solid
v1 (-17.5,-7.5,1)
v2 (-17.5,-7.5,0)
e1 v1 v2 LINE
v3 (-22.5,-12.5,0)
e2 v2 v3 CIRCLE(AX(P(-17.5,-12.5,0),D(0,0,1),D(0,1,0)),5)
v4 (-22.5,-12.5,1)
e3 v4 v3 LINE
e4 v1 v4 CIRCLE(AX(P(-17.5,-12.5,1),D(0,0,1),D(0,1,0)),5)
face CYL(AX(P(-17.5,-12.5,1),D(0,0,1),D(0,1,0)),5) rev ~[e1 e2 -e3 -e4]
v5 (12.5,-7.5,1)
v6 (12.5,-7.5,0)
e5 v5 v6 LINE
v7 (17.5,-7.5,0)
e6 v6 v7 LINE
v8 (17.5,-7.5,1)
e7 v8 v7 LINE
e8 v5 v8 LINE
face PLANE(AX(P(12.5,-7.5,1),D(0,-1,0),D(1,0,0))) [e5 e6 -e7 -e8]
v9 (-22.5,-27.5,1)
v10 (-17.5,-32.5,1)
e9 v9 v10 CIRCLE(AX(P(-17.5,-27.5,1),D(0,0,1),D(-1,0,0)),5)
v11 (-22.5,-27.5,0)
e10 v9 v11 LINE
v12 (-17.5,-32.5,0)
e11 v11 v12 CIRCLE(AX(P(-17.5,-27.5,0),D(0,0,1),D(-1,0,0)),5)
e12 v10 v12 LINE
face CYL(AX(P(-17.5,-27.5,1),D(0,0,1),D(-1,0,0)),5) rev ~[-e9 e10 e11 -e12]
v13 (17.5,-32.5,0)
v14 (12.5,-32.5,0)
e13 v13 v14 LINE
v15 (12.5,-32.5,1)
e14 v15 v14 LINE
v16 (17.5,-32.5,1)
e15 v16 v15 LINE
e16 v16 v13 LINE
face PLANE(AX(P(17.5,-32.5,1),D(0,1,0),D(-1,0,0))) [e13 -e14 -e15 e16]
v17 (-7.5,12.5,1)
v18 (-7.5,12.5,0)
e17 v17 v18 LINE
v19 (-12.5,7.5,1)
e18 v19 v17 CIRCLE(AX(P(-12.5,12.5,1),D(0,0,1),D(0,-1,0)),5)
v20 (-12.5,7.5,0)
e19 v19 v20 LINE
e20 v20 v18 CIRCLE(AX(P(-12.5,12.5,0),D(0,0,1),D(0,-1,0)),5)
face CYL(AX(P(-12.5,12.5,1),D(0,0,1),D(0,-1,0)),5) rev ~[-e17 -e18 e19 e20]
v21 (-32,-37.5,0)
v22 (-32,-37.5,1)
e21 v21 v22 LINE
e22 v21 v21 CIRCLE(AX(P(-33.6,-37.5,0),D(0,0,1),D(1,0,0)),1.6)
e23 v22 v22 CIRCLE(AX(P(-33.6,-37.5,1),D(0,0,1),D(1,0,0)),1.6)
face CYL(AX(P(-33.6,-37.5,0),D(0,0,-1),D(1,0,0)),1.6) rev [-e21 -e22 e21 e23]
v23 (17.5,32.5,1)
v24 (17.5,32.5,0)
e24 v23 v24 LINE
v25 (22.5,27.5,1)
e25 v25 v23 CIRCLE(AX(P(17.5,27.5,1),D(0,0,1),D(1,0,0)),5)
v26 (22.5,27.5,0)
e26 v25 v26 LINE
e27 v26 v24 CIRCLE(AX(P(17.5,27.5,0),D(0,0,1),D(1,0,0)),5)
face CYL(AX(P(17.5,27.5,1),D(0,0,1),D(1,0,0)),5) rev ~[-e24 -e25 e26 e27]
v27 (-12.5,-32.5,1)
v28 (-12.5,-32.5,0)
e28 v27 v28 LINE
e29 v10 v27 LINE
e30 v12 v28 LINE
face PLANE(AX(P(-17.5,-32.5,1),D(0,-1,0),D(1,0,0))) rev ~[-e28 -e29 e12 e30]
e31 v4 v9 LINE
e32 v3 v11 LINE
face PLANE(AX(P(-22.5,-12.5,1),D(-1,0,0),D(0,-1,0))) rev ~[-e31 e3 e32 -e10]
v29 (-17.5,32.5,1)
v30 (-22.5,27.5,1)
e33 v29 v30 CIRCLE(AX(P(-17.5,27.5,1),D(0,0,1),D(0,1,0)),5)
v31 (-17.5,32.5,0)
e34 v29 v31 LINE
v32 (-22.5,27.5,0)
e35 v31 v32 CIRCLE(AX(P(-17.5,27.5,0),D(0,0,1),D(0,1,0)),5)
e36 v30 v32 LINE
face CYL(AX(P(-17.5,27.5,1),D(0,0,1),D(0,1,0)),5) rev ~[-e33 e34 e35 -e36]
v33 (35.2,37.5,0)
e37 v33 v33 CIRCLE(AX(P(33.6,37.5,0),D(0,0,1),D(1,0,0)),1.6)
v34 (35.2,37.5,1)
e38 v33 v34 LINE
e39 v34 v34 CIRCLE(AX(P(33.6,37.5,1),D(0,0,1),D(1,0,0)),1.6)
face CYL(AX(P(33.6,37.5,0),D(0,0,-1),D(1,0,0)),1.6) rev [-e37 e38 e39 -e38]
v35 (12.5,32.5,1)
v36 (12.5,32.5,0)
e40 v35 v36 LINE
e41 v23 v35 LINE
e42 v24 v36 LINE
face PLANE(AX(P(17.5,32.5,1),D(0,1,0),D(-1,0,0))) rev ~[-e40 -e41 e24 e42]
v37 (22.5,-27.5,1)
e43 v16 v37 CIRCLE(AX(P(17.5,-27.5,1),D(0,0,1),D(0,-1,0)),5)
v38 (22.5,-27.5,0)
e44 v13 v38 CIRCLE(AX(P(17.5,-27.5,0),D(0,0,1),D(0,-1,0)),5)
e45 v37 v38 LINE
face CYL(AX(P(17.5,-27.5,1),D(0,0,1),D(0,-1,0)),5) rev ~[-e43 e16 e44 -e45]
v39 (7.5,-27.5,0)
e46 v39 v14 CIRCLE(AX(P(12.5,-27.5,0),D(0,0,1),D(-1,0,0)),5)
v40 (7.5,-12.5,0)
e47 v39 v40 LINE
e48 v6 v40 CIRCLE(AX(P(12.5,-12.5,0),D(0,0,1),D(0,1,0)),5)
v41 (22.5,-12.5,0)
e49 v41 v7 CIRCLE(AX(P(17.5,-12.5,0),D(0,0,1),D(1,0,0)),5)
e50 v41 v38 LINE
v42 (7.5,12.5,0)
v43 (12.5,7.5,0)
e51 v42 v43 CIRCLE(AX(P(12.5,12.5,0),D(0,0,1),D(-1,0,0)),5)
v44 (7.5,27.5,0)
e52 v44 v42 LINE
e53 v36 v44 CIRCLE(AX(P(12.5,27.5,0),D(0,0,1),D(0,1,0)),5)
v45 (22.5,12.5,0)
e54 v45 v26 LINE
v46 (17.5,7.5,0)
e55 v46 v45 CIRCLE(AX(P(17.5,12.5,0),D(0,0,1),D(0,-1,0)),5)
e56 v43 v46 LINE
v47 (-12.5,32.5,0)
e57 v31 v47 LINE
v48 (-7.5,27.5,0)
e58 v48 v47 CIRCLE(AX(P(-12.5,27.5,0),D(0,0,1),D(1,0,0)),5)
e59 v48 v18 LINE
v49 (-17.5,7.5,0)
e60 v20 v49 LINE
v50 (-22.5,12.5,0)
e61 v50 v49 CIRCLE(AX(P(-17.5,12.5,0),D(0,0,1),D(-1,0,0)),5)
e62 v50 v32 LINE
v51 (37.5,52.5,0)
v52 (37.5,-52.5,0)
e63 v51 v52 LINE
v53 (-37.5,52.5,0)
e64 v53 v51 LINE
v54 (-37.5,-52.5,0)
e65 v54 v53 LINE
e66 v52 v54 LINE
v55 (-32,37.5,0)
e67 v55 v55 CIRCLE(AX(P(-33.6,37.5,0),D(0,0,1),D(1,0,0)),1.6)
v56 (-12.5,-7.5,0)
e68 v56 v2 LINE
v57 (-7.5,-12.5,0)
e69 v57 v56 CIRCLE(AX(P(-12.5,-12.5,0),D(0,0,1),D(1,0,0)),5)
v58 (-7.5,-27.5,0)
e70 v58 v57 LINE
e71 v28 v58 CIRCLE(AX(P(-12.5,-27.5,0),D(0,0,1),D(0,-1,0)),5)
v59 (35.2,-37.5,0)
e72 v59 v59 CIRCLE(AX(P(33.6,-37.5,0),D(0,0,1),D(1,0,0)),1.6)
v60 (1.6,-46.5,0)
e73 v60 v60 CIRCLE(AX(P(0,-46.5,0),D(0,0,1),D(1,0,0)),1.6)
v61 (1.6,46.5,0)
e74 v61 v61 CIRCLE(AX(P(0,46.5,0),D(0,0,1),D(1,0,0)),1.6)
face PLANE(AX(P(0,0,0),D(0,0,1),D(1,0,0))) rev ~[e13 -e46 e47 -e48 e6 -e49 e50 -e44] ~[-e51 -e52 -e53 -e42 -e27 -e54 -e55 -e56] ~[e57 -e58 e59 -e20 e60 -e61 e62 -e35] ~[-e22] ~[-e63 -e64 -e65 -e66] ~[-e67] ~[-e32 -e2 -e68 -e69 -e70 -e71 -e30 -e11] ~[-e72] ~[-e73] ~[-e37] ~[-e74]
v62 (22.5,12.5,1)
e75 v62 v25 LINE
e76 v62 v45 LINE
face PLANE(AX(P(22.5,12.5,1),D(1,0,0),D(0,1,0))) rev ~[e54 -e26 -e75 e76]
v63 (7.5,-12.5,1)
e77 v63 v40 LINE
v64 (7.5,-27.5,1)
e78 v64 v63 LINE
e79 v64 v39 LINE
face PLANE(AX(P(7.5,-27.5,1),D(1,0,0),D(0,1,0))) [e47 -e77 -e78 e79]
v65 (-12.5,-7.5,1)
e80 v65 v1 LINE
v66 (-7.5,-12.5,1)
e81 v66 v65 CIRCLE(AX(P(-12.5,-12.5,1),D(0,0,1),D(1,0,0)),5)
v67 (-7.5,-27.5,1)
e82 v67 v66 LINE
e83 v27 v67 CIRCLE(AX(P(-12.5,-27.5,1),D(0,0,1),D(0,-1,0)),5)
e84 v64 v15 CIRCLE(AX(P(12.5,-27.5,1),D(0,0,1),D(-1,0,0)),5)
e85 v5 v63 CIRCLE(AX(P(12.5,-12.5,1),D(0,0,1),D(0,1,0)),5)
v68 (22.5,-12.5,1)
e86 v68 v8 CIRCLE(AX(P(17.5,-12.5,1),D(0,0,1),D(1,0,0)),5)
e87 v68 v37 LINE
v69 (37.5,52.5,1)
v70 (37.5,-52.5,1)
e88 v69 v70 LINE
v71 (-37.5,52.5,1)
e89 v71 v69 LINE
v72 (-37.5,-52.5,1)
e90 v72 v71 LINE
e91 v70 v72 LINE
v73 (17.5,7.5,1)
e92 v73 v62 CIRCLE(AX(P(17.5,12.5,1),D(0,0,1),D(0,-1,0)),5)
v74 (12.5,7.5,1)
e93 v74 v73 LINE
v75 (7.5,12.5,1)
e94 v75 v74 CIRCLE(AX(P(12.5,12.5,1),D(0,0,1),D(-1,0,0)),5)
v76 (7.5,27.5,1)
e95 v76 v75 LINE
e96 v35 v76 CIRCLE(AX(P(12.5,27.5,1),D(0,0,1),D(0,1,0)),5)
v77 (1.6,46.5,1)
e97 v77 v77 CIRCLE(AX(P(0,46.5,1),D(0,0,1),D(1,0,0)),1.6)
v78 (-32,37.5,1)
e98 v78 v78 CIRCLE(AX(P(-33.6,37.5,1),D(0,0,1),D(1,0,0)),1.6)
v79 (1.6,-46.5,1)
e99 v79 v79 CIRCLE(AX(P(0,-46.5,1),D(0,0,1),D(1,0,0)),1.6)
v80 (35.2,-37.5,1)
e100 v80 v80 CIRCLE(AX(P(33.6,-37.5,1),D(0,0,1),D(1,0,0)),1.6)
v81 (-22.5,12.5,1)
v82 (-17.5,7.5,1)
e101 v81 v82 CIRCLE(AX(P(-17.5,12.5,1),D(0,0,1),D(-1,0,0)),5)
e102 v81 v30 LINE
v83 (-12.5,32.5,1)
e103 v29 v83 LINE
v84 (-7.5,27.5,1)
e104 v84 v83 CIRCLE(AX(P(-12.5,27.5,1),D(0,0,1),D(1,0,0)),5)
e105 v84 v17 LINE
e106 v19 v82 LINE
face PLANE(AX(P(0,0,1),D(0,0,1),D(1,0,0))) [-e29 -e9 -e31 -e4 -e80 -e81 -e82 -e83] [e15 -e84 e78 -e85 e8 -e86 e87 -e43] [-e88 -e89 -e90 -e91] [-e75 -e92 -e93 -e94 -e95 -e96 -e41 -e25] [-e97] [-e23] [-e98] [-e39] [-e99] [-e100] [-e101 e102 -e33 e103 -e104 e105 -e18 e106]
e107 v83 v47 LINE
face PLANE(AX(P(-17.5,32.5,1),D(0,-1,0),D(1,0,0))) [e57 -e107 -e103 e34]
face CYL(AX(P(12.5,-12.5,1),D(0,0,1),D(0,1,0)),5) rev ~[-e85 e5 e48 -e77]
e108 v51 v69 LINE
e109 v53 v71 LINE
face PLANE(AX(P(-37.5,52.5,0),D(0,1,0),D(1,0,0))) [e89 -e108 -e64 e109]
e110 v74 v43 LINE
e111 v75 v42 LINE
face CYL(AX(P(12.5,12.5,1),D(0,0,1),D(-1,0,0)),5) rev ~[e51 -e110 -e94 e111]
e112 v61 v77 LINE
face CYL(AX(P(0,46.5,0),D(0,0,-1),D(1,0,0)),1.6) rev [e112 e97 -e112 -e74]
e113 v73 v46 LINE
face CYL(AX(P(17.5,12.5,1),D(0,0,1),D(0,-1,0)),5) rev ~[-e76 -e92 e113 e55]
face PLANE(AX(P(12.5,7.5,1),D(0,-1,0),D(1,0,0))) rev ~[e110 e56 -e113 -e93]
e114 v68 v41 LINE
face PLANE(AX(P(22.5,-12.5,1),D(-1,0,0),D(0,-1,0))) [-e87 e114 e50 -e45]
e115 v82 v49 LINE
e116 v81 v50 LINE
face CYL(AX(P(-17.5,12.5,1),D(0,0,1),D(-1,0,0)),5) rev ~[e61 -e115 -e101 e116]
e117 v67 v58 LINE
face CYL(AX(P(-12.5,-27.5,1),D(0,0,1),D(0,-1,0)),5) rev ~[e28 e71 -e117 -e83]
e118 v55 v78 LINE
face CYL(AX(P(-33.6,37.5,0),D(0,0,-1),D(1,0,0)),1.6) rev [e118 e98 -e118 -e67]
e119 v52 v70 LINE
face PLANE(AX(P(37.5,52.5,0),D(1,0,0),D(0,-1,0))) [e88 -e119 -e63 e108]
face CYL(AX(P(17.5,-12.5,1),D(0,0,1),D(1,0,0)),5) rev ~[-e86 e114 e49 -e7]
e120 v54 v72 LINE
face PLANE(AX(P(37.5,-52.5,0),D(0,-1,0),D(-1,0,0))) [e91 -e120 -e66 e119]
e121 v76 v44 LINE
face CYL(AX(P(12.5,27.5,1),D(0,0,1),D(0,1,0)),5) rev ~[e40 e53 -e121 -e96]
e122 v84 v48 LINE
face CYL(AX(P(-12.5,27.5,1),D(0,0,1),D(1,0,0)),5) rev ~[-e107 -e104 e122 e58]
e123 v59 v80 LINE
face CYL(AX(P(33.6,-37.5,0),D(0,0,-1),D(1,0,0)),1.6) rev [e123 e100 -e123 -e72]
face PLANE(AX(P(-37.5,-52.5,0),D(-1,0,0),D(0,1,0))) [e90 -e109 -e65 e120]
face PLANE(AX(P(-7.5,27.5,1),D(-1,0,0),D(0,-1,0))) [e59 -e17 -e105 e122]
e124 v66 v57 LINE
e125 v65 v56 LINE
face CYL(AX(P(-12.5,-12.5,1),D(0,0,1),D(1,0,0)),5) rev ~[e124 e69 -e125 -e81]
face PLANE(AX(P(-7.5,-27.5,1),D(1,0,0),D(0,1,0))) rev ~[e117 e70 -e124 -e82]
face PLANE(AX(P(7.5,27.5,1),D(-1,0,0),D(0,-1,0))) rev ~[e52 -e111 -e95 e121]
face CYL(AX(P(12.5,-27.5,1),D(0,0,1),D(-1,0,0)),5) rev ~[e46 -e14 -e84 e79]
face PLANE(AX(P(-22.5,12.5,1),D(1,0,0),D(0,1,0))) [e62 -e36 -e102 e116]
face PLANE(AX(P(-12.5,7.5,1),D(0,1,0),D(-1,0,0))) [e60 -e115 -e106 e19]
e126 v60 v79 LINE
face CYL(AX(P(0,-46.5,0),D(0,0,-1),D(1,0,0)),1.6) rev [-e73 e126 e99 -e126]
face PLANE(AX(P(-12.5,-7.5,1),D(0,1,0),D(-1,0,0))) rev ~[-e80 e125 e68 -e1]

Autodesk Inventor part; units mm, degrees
ref_plane "YZ Plane" through (0, 0, 0) normal (1, 0, 0) x (0, 1, 0)
ref_plane "XZ Plane" through (0, 0, 0) normal (0, 1, 0) x (-1, 0, 0)
ref_plane "XY Plane" through (0, 0, 0) normal (0, 0, 1) x (1, 0, 0)
sketch "Sketch1" plane through (0, 0, 0) normal (0, 0, 1) x (1, 0, 0)
  line L0 (-37.5, 52.5) -> (37.5, 52.5)
  line L1 (37.5, 52.5) -> (37.5, -52.5)
  line L2 (37.5, -52.5) -> (-37.5, -52.5)
  line L3 (-37.5, -52.5) -> (-37.5, 52.5)
  line L4 (-37.5, 52.5) -> (37.5, -52.5) construction
  line L5 (37.5, 52.5) -> (-37.5, -52.5) construction
  circle A0 centre (33.6, -37.5) radius 1.6
  line L6 (0, 0) -> (12.8976, 0)
  line L7 (0, 0) -> (0, 11.3109)
  circle A1 centre (-33.6, -37.5) radius 1.6
  circle A2 centre (33.6, 37.5) radius 1.6
  circle A3 centre (-33.6, 37.5) radius 1.6
  circle A4 centre (0, -46.5) radius 1.6
  circle A5 centre (0, 46.5) radius 1.6
  dimension "d0" = 75
  dimension "d1" = 105
  dimension "d2" = 3.2
  dimension "d3" = 3.9
  dimension "d4" = 15
  dimension "d6" = 3.2
  dimension "d7" = 6
extrude "Plate1" add sketch "Sketch1" along normal blind 1
sketch "Sketch2" plane through (0, 0, 1) normal (0, 0, 1) x (1, 0, 0)
  line L0 (-17.5, 32.5) -> (-12.5, 32.5)
  line L1 (-7.5, 27.5) -> (-7.5, 12.5)
  line L2 (-12.5, 7.5) -> (-17.5, 7.5)
  line L3 (-22.5, 12.5) -> (-22.5, 27.5)
  line L4 (-22.5, 32.5) -> (-7.5, 7.5) construction
  line L5 (-7.5, 32.5) -> (-22.5, 7.5) construction
  line L6 (-15.4861, 0) -> (17.9861, 0)
  line L7 (0, 18.4722) -> (0, -18.4722)
  arc A0 (-17.5, 32.5) -> (-22.5, 27.5) centre (-17.5, 27.5) ccw
  arc A1 (-7.5, 27.5) -> (-12.5, 32.5) centre (-12.5, 27.5) ccw
  arc A2 (-12.5, 7.5) -> (-7.5, 12.5) centre (-12.5, 12.5) ccw
  arc A3 (-22.5, 12.5) -> (-17.5, 7.5) centre (-17.5, 12.5) ccw
  line L8 (17.5, 32.5) -> (12.5, 32.5)
  line L9 (7.5, 27.5) -> (7.5, 12.5)
  line L10 (12.5, 7.5) -> (17.5, 7.5)
  line L11 (22.5, 12.5) -> (22.5, 27.5)
  line L12 (22.5, 32.5) -> (7.5, 7.5) construction
  line L13 (7.5, 32.5) -> (22.5, 7.5) construction
  arc A4 (22.5, 27.5) -> (17.5, 32.5) centre (17.5, 27.5) ccw
  arc A5 (12.5, 32.5) -> (7.5, 27.5) centre (12.5, 27.5) ccw
  arc A6 (7.5, 12.5) -> (12.5, 7.5) centre (12.5, 12.5) ccw
  arc A7 (17.5, 7.5) -> (22.5, 12.5) centre (17.5, 12.5) ccw
  line L14 (-17.5, -32.5) -> (-12.5, -32.5)
  line L15 (-7.5, -27.5) -> (-7.5, -12.5)
  line L16 (-12.5, -7.5) -> (-17.5, -7.5)
  line L17 (-22.5, -12.5) -> (-22.5, -27.5)
  line L18 (-22.5, -32.5) -> (-7.5, -7.5) construction
  line L19 (-7.5, -32.5) -> (-22.5, -7.5) construction
  arc A8 (-22.5, -27.5) -> (-17.5, -32.5) centre (-17.5, -27.5) ccw
  arc A9 (-12.5, -32.5) -> (-7.5, -27.5) centre (-12.5, -27.5) ccw
  arc A10 (-7.5, -12.5) -> (-12.5, -7.5) centre (-12.5, -12.5) ccw
  arc A11 (-17.5, -7.5) -> (-22.5, -12.5) centre (-17.5, -12.5) ccw
  line L20 (12.5, -7.5) -> (17.5, -7.5)
  line L21 (7.5, -27.5) -> (7.5, -12.5)
  arc A12 (22.5, -12.5) -> (17.5, -7.5) centre (17.5, -12.5) ccw
  arc A13 (7.5, -27.5) -> (12.5, -32.5) centre (12.5, -27.5) ccw
  line L22 (17.5, -32.5) -> (12.5, -32.5)
  line L23 (7.5, -32.5) -> (22.5, -7.5) construction
  line L24 (22.5, -32.5) -> (7.5, -7.5) construction
  line L25 (22.5, -12.5) -> (22.5, -27.5)
  arc A14 (17.5, -32.5) -> (22.5, -27.5) centre (17.5, -27.5) ccw
  arc A15 (12.5, -7.5) -> (7.5, -12.5) centre (12.5, -12.5) ccw
  point P0 (0, 0)
  point P1 (-15, 20)
  point P2 (15, 20)
  point P3 (-15, -20)
  point P4 (15, -20)
  dimension "d11" = 15
  dimension "d12" = 15
  dimension "d13" = 25
  dimension "d14" = 15
  dimension "d15" = 5
extrude "Cut1" cut sketch "Sketch2" against normal blind 1
equation "\"d16\" = 厚度"
equation "\"d5\" = 厚度"
equation "\"折彎半徑\" = 厚度"
equation "\"折彎離隙寬度\" = 厚度"
equation "\"折彎離隙深度\" = 0.5 * 厚度"
equation "\"轉角離隙大小\" = 4 * 厚度"
equation "\"最小剩餘\" = 2 * 厚度"
equation "\"轉移半徑\" = 折彎半徑"
equation "\"Jacobi半徑大小\" = 折彎半徑"
equation "\"間隙大小\" = 厚度"
equation "\"厚度\" = 1"
properties part number "battery_box_24V_front" material "Aluminum"
